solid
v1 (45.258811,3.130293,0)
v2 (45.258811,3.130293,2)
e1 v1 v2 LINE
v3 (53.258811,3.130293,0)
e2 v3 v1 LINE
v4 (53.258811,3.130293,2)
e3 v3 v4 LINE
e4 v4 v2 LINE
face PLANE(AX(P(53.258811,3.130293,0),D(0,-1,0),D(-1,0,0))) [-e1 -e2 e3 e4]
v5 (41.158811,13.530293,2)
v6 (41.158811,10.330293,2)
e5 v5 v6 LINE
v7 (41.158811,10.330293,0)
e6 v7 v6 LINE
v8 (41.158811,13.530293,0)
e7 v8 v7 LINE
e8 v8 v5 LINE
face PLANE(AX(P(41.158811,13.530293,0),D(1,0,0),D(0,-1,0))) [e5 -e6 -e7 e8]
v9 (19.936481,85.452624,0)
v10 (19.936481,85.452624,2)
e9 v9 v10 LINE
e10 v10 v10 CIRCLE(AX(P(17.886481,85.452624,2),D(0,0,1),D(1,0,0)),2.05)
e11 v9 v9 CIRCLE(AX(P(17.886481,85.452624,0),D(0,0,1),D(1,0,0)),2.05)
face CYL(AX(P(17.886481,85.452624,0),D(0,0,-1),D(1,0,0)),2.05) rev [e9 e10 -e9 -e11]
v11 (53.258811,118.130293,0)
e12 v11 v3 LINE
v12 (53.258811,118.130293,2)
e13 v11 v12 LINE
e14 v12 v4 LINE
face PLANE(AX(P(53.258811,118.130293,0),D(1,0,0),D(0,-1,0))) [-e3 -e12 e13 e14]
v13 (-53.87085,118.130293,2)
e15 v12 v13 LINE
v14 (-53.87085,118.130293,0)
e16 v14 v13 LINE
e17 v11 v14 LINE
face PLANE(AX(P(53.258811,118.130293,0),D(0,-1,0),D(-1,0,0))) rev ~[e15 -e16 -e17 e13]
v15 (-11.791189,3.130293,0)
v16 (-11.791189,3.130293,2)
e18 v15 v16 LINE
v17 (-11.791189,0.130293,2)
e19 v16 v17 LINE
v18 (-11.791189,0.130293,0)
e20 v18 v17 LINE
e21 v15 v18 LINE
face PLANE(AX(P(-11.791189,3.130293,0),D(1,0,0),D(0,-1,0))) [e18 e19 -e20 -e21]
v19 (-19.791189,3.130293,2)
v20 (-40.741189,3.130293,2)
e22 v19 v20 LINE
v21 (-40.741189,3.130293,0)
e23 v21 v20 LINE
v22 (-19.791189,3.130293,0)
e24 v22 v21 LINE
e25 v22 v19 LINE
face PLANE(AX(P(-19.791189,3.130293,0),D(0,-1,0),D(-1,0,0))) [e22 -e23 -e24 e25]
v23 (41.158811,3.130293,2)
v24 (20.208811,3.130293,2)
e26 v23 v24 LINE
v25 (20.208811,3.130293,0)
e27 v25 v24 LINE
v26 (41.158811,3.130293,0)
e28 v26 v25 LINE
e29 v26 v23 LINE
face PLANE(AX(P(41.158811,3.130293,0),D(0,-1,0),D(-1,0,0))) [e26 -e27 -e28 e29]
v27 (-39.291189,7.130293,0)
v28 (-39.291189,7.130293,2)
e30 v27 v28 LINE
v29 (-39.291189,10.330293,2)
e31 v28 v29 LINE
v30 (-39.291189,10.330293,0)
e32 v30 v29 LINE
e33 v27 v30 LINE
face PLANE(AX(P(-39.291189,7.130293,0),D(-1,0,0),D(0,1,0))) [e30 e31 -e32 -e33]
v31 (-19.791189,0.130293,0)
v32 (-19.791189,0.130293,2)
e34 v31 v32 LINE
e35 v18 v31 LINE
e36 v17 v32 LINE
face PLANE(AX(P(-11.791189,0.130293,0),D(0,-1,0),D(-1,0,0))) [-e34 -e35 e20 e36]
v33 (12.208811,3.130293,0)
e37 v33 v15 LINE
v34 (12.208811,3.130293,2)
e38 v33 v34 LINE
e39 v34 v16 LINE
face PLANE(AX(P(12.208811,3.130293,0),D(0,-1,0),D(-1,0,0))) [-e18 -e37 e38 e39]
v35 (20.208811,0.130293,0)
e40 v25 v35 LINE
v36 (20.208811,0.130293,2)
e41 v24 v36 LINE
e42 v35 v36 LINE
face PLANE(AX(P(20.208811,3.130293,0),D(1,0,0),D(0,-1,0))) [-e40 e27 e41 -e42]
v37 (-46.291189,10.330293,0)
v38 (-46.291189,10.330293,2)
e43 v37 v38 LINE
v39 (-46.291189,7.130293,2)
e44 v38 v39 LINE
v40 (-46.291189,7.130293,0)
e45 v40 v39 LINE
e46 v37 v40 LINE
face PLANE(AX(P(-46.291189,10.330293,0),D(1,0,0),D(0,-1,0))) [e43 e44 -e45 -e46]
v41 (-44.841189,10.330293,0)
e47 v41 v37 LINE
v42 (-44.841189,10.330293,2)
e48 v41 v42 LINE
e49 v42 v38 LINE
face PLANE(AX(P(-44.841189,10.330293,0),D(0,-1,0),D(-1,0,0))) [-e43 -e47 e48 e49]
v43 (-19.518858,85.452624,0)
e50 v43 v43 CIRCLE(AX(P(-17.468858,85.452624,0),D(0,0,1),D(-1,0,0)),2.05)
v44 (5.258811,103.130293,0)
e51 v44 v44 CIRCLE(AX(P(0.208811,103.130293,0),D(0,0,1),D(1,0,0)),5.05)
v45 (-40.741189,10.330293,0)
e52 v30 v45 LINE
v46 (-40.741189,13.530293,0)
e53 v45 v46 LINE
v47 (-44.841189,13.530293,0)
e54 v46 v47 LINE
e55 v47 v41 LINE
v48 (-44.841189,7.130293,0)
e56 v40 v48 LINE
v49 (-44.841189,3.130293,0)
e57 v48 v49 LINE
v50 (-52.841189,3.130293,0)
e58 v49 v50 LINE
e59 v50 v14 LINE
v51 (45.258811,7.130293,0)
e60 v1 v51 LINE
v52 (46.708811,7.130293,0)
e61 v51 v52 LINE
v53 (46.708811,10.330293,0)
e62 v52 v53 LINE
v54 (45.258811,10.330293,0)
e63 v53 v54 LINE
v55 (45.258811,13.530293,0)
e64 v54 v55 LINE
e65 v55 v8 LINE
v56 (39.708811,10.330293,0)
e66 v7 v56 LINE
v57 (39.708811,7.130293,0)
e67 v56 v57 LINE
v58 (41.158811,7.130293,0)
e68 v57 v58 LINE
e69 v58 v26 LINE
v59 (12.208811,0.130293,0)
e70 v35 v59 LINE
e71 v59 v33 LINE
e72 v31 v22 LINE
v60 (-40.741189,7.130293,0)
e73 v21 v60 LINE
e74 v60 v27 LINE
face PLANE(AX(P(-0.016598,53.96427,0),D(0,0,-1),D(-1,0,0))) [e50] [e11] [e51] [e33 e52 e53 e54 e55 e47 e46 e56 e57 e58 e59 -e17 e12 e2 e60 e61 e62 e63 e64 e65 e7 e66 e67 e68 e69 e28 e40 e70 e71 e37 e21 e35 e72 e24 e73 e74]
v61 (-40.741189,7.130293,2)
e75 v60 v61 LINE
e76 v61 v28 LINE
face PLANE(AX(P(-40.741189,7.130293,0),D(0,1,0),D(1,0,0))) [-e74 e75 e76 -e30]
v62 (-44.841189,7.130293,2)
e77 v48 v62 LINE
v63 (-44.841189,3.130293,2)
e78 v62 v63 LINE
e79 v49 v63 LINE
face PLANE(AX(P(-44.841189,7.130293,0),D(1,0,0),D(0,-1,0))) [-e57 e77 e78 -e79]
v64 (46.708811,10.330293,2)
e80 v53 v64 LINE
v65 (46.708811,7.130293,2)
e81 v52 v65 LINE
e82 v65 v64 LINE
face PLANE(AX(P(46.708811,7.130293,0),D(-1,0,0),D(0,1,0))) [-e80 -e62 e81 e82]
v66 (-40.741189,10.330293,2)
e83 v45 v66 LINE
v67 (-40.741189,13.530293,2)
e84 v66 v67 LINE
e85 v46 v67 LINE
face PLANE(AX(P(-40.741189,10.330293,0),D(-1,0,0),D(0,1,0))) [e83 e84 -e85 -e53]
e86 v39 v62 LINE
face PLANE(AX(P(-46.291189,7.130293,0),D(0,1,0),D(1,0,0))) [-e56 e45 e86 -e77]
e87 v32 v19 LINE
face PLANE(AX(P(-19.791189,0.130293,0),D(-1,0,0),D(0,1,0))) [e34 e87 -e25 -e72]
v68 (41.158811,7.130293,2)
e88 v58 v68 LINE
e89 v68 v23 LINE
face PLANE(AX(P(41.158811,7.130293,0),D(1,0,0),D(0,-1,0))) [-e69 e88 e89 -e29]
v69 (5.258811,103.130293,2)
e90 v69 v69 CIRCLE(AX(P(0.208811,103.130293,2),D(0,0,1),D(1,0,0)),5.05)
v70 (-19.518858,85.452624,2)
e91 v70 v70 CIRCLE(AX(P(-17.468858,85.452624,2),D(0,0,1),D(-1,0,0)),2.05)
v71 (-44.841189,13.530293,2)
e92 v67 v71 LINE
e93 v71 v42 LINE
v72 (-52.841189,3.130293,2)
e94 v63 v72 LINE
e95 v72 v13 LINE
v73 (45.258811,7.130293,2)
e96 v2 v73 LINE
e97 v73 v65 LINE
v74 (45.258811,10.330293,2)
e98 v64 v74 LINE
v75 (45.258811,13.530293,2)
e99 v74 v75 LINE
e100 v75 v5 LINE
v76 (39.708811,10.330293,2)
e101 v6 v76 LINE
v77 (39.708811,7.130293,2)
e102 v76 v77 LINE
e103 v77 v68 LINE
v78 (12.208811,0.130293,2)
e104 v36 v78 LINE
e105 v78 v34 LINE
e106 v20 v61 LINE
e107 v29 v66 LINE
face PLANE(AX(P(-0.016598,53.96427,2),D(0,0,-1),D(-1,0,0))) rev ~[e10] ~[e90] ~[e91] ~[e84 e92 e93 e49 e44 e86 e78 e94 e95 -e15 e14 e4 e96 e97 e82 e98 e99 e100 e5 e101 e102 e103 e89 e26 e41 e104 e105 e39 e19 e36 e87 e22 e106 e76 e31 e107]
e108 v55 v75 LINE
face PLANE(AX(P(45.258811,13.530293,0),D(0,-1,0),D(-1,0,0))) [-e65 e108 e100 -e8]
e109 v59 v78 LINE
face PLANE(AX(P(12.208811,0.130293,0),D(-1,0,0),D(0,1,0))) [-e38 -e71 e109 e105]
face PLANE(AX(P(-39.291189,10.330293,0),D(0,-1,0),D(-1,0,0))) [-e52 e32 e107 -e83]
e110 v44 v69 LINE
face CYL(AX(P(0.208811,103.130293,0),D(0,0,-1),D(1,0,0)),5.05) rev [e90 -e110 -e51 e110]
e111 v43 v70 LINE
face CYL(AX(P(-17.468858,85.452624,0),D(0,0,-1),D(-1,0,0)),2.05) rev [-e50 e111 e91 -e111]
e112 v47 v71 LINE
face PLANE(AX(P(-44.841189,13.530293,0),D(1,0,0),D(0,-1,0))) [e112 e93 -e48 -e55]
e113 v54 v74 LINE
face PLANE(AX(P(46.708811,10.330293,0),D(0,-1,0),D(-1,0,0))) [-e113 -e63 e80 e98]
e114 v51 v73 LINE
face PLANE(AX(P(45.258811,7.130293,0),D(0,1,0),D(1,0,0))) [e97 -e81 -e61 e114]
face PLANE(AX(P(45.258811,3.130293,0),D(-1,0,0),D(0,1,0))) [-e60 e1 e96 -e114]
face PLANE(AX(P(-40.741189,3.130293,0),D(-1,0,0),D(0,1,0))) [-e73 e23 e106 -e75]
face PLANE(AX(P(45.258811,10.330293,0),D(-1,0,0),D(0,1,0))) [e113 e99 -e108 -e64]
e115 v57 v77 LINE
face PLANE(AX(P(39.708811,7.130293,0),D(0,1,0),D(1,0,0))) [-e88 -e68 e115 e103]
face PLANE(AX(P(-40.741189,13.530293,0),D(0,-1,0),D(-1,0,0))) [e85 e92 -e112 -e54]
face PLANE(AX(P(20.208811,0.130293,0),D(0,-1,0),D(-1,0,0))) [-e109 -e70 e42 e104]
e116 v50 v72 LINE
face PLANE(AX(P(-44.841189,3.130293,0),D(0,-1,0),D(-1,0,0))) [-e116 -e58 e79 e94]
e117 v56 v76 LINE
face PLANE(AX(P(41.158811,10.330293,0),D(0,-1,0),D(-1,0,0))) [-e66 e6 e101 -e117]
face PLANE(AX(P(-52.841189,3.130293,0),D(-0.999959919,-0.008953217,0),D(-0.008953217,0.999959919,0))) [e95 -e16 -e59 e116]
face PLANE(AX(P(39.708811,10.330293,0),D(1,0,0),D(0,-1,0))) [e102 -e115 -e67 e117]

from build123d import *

# Parameters (mm, degrees)
SKETCH_1_R      = 5.05
SKETCH_1_R_2    = 2.05
EXTRUDE_1_DEPTH = 2


with BuildPart() as part:
    # 草图1 → 凸台-拉伸1 (new body)
    with BuildSketch(Plane.XY):
        Polygon((-40.741188564, 3.13029316), (-40.741188564, 7.13029316), (-39.291188564, 7.13029316), (-39.291188564, 10.33029316), (-40.741188564, 10.33029316), (-40.741188564, 13.53029316), (-44.841188564, 13.53029316), (-44.841188564, 10.33029316), (-46.291188564, 10.33029316), (-46.291188564, 7.13029316), (-44.841188564, 7.13029316), (-44.841188564, 3.13029316), (-52.841188564, 3.13029316), (-53.870849739, 118.13029316), (43.582829756, 118.13029316), (53.258811436, 118.13029316), (53.258811436, 3.13029316), (45.258811436, 3.13029316), (45.258811436, 7.13029316), (46.708811436, 7.13029316), (46.708811436, 10.33029316), (45.258811436, 10.33029316), (45.258811436, 13.53029316), (41.158811436, 13.53029316), (41.158811436, 10.33029316), (39.708811436, 10.33029316), (39.708811436, 7.13029316), (41.158811436, 7.13029316), (41.158811436, 3.13029316), (20.208811436, 3.13029316), (20.208811436, 0.13029316), (12.208811436, 0.13029316), (12.208811436, 3.13029316), (-11.791188564, 3.13029316), (-11.791188564, 0.13029316), (-19.791188564, 0.13029316), (-19.791188564, 3.13029316), align=None)
        with Locations((0.208811436, 103.13029316)):
            Circle(SKETCH_1_R, mode=Mode.SUBTRACT)
        with Locations((17.886480965, 85.45262363)):
            Circle(SKETCH_1_R_2, mode=Mode.SUBTRACT)
        with Locations(Location((-17.468858094, 85.45262363, 0), (0, 0, 180))):
            Circle(SKETCH_1_R_2, mode=Mode.SUBTRACT)
    extrude(amount=EXTRUDE_1_DEPTH)


solid = part.part
